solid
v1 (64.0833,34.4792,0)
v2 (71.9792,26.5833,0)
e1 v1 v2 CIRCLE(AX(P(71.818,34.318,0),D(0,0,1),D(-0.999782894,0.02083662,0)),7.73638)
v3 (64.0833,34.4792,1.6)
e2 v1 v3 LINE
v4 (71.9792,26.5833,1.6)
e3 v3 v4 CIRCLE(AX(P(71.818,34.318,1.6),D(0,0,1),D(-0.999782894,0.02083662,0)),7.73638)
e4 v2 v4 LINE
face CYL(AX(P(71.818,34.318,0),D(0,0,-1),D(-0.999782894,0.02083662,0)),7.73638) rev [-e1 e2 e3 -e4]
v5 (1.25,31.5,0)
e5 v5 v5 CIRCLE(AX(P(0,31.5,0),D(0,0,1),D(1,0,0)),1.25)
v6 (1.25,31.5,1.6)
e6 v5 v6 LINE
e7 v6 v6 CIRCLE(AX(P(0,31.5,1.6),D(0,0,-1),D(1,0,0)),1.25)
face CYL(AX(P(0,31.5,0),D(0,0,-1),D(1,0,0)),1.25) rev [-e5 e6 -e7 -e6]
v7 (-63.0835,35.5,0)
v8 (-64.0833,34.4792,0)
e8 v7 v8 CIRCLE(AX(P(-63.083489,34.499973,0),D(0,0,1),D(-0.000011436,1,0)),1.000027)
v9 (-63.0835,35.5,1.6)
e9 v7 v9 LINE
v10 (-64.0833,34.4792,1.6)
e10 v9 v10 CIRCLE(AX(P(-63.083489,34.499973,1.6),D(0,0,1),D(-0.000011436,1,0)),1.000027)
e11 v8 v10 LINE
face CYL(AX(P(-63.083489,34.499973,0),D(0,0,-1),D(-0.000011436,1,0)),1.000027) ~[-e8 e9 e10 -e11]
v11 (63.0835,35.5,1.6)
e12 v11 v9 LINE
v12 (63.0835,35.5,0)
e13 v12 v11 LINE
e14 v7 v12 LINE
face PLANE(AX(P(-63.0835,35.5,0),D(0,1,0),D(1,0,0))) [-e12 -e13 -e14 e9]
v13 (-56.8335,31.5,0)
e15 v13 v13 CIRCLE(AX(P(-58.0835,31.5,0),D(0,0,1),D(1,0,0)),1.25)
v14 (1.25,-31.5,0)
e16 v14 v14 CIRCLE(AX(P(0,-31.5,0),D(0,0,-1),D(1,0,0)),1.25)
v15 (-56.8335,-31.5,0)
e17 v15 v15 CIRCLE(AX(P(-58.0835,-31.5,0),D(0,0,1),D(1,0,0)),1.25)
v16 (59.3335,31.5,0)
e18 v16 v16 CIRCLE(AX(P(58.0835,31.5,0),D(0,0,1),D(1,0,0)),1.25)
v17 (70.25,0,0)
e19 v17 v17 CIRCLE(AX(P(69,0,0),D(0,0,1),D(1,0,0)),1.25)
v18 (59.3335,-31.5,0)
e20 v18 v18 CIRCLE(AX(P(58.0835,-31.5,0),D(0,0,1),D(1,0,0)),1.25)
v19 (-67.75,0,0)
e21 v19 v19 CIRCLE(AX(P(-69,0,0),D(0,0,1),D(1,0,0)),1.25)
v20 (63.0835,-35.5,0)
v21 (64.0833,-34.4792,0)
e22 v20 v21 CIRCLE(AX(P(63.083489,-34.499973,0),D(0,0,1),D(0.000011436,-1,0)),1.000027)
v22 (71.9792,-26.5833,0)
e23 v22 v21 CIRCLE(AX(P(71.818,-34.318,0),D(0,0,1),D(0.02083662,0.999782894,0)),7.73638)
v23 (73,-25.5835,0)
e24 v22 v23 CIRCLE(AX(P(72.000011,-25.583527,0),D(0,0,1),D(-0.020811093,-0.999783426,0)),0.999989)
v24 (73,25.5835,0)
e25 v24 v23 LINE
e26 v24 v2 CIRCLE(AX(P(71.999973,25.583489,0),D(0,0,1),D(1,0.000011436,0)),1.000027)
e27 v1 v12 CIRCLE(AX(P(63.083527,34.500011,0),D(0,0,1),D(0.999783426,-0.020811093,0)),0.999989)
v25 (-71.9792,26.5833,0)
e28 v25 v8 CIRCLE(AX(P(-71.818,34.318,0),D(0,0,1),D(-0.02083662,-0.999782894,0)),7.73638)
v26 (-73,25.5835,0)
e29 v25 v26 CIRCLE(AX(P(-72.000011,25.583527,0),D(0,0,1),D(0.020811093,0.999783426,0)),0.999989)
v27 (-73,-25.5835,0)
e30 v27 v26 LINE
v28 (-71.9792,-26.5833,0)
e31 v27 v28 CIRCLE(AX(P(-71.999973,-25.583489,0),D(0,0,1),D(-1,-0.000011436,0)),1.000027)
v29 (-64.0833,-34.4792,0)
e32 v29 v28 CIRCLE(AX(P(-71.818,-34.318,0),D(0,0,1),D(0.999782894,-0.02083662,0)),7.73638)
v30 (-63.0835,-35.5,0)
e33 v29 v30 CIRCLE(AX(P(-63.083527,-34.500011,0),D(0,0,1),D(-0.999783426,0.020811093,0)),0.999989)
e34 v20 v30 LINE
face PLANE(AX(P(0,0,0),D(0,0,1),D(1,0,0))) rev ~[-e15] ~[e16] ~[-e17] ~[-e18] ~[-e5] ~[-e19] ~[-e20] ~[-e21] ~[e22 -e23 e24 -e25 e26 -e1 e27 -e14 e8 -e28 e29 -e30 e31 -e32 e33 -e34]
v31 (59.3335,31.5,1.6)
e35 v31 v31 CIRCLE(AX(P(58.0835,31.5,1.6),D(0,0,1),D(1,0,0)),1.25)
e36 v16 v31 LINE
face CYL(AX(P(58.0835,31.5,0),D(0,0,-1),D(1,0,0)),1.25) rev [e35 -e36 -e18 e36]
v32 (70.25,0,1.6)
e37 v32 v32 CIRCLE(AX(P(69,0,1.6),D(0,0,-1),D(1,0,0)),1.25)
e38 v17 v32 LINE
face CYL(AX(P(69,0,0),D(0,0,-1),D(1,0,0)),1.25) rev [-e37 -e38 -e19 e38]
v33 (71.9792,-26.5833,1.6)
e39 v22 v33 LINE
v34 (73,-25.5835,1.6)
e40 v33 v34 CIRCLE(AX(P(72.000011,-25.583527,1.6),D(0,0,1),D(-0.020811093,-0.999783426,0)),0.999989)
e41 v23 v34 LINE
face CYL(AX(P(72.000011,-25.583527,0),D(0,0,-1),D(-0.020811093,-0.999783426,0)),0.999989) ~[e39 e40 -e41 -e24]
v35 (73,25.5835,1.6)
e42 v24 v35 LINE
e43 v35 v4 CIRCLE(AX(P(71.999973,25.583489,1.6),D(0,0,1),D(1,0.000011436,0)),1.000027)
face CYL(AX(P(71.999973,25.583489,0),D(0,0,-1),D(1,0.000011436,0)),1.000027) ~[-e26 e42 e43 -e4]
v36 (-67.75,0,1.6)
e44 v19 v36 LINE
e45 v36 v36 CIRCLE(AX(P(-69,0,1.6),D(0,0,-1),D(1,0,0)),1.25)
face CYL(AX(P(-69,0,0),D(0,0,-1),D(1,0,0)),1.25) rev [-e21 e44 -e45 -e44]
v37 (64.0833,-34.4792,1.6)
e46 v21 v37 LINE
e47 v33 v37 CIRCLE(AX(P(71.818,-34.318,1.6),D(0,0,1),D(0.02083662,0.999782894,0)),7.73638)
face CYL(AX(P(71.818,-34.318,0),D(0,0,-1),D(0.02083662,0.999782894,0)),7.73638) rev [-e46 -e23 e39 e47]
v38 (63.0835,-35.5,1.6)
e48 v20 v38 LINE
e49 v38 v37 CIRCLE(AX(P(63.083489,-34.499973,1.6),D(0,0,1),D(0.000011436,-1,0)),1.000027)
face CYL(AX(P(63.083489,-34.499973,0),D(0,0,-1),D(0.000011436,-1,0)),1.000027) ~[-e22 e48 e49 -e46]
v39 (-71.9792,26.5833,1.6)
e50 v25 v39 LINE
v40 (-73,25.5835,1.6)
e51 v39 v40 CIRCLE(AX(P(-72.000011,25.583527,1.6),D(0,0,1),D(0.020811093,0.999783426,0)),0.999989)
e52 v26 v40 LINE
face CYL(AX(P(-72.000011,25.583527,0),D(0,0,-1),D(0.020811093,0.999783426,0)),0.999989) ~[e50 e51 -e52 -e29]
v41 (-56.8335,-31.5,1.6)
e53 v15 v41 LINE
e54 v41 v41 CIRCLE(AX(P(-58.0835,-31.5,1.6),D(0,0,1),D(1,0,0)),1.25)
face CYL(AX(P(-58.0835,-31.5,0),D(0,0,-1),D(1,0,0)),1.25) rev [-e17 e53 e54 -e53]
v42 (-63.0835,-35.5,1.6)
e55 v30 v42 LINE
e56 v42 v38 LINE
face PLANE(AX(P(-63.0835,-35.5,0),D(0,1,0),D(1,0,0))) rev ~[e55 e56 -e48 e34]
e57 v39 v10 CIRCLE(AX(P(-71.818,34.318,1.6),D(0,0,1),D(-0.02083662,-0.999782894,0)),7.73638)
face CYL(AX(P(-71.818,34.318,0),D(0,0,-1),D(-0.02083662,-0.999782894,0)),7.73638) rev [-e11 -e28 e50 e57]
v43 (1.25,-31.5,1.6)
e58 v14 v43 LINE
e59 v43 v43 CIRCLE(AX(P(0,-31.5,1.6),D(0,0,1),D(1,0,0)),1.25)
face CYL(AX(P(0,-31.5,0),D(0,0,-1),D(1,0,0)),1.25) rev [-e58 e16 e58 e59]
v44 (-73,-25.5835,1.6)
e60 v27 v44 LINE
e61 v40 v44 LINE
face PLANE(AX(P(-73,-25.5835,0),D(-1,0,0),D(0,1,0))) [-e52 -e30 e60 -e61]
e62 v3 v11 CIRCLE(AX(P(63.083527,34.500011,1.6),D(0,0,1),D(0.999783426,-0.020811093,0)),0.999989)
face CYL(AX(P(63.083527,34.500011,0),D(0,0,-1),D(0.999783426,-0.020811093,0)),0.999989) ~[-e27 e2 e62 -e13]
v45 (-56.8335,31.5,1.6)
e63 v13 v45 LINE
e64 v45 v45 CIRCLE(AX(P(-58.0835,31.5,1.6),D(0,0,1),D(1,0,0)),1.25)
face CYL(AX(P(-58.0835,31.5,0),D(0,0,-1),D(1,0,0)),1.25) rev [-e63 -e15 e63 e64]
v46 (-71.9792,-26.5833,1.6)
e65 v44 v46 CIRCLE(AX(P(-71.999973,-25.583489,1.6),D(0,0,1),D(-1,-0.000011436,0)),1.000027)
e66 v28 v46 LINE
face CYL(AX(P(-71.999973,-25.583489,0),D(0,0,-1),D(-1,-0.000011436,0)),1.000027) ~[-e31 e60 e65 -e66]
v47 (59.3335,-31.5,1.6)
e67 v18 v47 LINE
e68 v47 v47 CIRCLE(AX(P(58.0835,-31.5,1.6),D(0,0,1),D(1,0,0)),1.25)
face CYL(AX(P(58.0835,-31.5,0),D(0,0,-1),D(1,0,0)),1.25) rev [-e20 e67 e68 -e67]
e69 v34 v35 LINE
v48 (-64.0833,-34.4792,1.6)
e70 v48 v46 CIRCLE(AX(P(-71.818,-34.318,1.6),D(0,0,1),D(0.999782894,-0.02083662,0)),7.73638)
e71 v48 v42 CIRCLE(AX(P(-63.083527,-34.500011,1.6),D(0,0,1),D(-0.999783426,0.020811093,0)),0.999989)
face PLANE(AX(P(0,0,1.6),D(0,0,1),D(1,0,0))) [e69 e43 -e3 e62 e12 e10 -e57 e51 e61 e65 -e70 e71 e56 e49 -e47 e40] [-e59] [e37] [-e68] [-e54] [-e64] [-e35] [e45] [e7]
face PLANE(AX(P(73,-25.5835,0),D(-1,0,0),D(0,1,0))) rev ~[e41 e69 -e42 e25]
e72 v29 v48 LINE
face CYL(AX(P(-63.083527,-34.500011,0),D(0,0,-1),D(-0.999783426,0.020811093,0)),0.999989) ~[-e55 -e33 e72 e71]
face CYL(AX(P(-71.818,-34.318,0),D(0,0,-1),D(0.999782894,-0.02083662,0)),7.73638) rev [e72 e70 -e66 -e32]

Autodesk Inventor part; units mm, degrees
ref_plane "YZ Plane" through (0, 0, 0) normal (1, 0, 0) x (0, 1, 0)
ref_plane "XZ Plane" through (0, 0, 0) normal (0, 1, 0) x (-1, 0, 0)
ref_plane "XY Plane" through (0, 0, 0) normal (0, 0, 1) x (1, 0, 0)
ref_plane "Work Plane1" through (0, 0, 0) normal (0, 0, 1) x (1, 0, 0)
sketch "Sketch1" plane through (0, 0, 0) normal (0, 0, 1) x (1, 0, 0)
  arc A0 (-65.0831, -34.4583) -> (-71.9583, -27.5831) centre (-71.818, -34.318) ccw
  line L0 (-74, -25.5835) -> (-74, 25.5835)
  arc A1 (-71.9583, 27.5831) -> (-65.0831, 34.4583) centre (-71.818, 34.318) ccw
  line L1 (-63.0835, 36.5) -> (63.0835, 36.5)
  arc A2 (65.0831, 34.4583) -> (71.9583, 27.5831) centre (71.818, 34.318) ccw
  line L2 (74, 25.5835) -> (74, -25.5835)
  arc A3 (71.9583, -27.5831) -> (65.0831, -34.4583) centre (71.818, -34.318) ccw
  line L3 (63.0835, -36.5) -> (-63.0835, -36.5)
  arc A4 (-65.0831, -34.4583) -> (-71.9583, -27.5831) centre (-71.818, -34.318) ccw
  circle A5 centre (-58.0835, -31.5) radius 1.25 projected
  circle A6 centre (-69, 0) radius 1.25 projected
  circle A7 centre (-58.0835, 31.5) radius 1.25 projected
  circle A8 centre (-58.0835, 31.5) radius 1.25 projected
  circle A9 centre (0, 31.5) radius 1.25 projected
  circle A10 centre (58.0835, 31.5) radius 1.25
  circle A11 centre (69, 0) radius 1.25 projected
  circle A12 centre (58.0835, -31.5) radius 1.25 projected
  circle A13 centre (0, -31.5) radius 1.25
  line L4 (-73, -25.5835) -> (-73, 25.5835) construction
  arc A14 (-71.9792, 26.5833) -> (-64.0833, 34.4792) centre (-71.818, 34.318) ccw
  line L5 (-63.0835, 35.5) -> (63.0835, 35.5) construction
  arc A15 (-71.9792, 26.5833) -> (-73, 25.5835) centre (-72, 25.5835) ccw
  arc A16 (-63.0835, 35.5) -> (-64.0833, 34.4792) centre (-63.0835, 34.5) ccw
  line L6 (-73, 25.5835) -> (-73, 0)
  line L7 (-63.0835, 35.5) -> (0, 35.5)
  line L8 (-78, 0) -> (78, 0) projected
  line L9 (0, 40.5) -> (0, -40.5) projected
  arc A17 (-64.0833, -34.4792) -> (-71.9792, -26.5833) centre (-71.818, -34.318) ccw
  arc A18 (-73, -25.5835) -> (-71.9792, -26.5833) centre (-72, -25.5835) ccw
  arc A19 (-64.0833, -34.4792) -> (-63.0835, -35.5) centre (-63.0835, -34.5) ccw
  line L10 (-73, -25.5835) -> (-73, 0)
  line L11 (-63.0835, -35.5) -> (0, -35.5)
  arc A20 (64.0833, 34.4792) -> (71.9792, 26.5833) centre (71.818, 34.318) ccw
  arc A21 (73, 25.5835) -> (71.9792, 26.5833) centre (72, 25.5835) ccw
  arc A22 (64.0833, 34.4792) -> (63.0835, 35.5) centre (63.0835, 34.5) ccw
  line L12 (73, 25.5835) -> (73, 0)
  line L13 (63.0835, 35.5) -> (0, 35.5)
  line L14 (73, -25.5835) -> (73, 0)
  arc A23 (71.9792, -26.5833) -> (73, -25.5835) centre (72, -25.5835) ccw
  arc A24 (71.9792, -26.5833) -> (64.0833, -34.4792) centre (71.818, -34.318) ccw
  arc A25 (63.0835, -35.5) -> (64.0833, -34.4792) centre (63.0835, -34.5) ccw
  line L15 (63.0835, -35.5) -> (0, -35.5)
  point P0 (0, 0)
  dimension "board_clearance" = 1
  dimension "d1" = 1
  dimension "d2" = 1
extrude "Extrusion1" add sketch "Sketch1" along normal blind 1.6 contours L8 L9 A13 L11 A19 A17 A18 L10 A6 | A6 L8 L6 A15 A14 A16 L7 L9 A9 | L9 A9 L13 A22 A20 A21 L12 L8 A11 | L8 A11 L14 A23 A24 A25 L15 L9 A13
equation "\"d1\" = board_clearance"
equation "\"d2\" = board_clearance"
properties part number "PCB"
